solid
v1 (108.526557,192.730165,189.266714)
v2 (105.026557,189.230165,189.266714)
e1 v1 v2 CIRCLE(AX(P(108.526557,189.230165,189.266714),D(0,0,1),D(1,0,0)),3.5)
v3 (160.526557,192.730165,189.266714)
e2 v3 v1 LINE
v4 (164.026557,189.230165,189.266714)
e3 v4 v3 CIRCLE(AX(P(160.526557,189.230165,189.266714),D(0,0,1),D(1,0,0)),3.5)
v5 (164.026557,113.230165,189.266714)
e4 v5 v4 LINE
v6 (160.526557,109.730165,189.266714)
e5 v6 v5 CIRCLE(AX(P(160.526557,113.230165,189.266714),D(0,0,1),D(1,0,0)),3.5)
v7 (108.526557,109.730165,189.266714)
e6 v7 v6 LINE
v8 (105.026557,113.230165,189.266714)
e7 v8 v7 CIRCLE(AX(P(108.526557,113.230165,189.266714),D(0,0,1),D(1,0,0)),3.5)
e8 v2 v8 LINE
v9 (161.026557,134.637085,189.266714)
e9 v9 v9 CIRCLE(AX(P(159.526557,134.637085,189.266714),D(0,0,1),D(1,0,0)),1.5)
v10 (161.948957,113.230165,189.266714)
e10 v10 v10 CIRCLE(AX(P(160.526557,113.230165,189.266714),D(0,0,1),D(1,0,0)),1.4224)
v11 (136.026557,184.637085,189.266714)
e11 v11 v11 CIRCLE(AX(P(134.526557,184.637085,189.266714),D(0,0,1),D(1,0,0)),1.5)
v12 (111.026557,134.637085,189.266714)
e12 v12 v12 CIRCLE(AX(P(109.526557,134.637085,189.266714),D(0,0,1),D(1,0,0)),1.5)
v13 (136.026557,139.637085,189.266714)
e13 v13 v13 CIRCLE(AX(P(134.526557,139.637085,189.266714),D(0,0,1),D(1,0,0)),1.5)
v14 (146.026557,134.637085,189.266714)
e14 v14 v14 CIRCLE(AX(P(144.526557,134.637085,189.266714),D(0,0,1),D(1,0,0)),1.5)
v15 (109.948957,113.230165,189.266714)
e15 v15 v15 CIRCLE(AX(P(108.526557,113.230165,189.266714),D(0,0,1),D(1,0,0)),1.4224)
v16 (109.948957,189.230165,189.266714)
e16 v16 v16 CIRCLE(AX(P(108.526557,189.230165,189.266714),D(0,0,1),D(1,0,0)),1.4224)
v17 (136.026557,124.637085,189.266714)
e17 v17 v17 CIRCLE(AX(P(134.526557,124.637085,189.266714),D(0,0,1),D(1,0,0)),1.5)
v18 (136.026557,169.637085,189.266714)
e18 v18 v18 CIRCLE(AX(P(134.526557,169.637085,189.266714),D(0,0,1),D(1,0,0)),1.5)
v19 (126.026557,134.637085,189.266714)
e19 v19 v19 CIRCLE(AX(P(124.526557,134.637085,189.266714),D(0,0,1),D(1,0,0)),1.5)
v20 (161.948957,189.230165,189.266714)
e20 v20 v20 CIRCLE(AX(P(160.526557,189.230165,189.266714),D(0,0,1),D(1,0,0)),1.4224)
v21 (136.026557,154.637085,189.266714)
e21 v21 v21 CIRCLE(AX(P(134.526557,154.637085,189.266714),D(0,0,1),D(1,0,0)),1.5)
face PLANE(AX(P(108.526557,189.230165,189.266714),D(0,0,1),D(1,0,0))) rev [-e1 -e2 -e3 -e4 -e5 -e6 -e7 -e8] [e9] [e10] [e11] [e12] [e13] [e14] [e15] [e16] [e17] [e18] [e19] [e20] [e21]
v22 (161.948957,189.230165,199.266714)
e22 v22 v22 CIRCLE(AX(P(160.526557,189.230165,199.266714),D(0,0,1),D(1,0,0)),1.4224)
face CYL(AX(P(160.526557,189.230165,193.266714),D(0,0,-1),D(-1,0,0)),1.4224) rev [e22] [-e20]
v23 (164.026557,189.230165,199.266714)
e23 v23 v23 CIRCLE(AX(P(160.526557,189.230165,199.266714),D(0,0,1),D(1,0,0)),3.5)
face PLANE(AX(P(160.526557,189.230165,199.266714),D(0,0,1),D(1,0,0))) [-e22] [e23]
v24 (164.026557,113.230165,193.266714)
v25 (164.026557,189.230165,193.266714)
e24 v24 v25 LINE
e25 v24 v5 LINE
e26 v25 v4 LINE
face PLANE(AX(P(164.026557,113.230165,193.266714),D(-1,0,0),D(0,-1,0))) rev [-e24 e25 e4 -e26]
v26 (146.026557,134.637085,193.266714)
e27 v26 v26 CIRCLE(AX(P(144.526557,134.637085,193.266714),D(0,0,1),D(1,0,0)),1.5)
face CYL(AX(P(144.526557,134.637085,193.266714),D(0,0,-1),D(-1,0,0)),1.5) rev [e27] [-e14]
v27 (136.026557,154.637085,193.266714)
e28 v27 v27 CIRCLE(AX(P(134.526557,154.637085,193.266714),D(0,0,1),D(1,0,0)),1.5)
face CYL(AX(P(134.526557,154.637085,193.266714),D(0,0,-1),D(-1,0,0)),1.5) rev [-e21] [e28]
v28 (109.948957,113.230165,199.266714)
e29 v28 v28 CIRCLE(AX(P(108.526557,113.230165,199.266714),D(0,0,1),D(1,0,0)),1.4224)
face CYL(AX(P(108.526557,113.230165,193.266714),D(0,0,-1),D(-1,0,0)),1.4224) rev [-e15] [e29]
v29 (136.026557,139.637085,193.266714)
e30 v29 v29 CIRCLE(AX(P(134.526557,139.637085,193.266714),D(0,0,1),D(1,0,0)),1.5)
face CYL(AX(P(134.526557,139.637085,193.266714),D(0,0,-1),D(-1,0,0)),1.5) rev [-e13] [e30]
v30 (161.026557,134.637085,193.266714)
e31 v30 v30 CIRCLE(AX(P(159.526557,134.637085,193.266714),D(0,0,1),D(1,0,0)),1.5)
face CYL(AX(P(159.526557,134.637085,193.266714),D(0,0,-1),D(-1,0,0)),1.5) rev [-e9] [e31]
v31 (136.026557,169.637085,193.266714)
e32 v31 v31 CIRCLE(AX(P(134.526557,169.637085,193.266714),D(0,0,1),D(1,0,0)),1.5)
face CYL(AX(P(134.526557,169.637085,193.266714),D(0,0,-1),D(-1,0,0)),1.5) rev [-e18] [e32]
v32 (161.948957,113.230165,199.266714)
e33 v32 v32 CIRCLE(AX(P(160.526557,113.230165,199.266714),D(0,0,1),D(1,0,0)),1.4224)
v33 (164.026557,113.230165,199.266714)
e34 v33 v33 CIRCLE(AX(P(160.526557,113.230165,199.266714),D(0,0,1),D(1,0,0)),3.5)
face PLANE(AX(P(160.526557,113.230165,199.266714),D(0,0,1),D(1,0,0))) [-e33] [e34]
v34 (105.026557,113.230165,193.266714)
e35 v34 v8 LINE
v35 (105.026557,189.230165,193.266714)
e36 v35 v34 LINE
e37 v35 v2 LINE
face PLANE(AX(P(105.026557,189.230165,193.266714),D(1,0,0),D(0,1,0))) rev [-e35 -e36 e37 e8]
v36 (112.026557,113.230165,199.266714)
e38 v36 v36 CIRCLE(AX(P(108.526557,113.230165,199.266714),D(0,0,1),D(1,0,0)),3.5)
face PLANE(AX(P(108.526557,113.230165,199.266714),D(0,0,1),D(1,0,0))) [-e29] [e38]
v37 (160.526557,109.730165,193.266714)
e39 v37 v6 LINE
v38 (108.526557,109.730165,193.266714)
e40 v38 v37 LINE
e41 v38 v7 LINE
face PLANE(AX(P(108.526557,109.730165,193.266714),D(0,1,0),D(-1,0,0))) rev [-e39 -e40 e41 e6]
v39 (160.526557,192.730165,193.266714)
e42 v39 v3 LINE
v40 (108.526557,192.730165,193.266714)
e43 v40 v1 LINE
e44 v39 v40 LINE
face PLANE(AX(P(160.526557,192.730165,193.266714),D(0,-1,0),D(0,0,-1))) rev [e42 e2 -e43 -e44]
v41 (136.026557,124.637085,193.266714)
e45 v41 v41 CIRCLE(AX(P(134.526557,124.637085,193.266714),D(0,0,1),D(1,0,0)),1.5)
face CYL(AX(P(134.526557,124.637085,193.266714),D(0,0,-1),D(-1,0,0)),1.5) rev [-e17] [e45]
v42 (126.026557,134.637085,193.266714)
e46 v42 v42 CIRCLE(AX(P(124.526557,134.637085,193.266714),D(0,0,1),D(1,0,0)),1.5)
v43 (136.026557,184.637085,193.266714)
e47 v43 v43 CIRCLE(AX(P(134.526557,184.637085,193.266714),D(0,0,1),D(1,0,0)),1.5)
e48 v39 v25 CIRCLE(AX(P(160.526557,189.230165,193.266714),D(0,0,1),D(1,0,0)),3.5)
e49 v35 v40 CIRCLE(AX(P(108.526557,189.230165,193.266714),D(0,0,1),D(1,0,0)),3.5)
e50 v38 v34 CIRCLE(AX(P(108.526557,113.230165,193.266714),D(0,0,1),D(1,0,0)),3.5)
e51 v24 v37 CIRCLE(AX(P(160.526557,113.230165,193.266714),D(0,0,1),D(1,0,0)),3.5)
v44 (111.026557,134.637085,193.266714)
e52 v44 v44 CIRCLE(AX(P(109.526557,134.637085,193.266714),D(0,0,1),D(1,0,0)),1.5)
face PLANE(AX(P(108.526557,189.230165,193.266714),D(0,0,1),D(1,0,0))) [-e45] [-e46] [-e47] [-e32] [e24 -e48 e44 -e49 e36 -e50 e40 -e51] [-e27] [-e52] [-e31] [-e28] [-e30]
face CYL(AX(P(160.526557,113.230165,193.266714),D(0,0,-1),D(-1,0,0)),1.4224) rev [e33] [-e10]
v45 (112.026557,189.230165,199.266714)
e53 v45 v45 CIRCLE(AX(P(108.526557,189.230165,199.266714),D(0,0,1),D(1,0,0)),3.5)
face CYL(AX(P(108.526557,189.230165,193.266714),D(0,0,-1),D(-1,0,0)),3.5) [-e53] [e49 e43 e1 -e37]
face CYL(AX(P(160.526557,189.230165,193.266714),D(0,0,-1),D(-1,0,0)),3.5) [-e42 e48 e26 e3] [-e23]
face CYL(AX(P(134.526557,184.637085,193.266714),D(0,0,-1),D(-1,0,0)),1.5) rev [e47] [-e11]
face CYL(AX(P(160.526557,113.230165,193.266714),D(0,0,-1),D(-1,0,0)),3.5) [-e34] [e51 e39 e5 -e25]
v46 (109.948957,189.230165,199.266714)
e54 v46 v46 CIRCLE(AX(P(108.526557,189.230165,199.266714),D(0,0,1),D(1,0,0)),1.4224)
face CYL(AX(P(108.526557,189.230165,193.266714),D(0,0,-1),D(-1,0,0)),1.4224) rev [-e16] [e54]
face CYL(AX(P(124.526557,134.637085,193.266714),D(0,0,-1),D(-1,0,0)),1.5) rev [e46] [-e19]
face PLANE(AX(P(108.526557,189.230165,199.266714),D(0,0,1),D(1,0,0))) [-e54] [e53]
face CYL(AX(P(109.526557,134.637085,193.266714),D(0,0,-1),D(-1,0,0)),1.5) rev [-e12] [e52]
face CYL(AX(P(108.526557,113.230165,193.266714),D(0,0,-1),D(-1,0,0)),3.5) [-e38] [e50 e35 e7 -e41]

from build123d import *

# Parameters (mm, degrees)
SKETCH1_R           = 1.5
SKETCH1_R_2         = 1.4224
BOSS_EXTRUDE1_DEPTH = 4
SKETCH2_R           = 3.5
SKETCH2_R_2         = 1.4224
BOSS_EXTRUDE2_DEPTH = 6


with BuildPart() as part:
    # Sketch1 → Boss-Extrude1 (new body)
    with BuildSketch(Plane.XY.offset(189.266714263)):
        with BuildLine():
            Line((108.526557277, 109.730165261), (160.526557277, 109.730165261))
            ThreePointArc((160.526557277, 109.730165261), (163.001431011, 110.755291526), (164.026557277, 113.230165261))
            Line((164.026557277, 113.230165261), (164.026557277, 189.230165261))
            ThreePointArc((164.026557277, 189.230165261), (163.001431011, 191.705038995), (160.526557277, 192.730165261))
            Line((160.526557277, 192.730165261), (108.526557277, 192.730165261))
            ThreePointArc((108.526557277, 192.730165261), (106.051683543, 191.705038995), (105.026557277, 189.230165261))
            Line((105.026557277, 189.230165261), (105.026557277, 113.230165261))
            ThreePointArc((105.026557277, 113.230165261), (106.051683543, 110.755291526), (108.526557277, 109.730165261))
        make_face()
        with Locations((134.526557277, 124.637085275)):
            Circle(SKETCH1_R, mode=Mode.SUBTRACT)
        with Locations((109.526557277, 134.637085275)):
            Circle(SKETCH1_R, mode=Mode.SUBTRACT)
        with Locations((124.526557277, 134.637085275)):
            Circle(SKETCH1_R, mode=Mode.SUBTRACT)
        with Locations((159.526557277, 134.637085275)):
            Circle(SKETCH1_R, mode=Mode.SUBTRACT)
        with Locations((144.526557277, 134.637085275)):
            Circle(SKETCH1_R, mode=Mode.SUBTRACT)
        with Locations((134.526557277, 139.637085275)):
            Circle(SKETCH1_R, mode=Mode.SUBTRACT)
        with Locations((134.526557277, 154.637085275)):
            Circle(SKETCH1_R, mode=Mode.SUBTRACT)
        with Locations((134.526557277, 169.637085275)):
            Circle(SKETCH1_R, mode=Mode.SUBTRACT)
        with Locations((134.526557277, 184.637085275)):
            Circle(SKETCH1_R, mode=Mode.SUBTRACT)
        with Locations((108.526557277, 189.230165261)):
            Circle(SKETCH1_R_2, mode=Mode.SUBTRACT)
        with Locations((160.526557277, 189.230165261)):
            Circle(SKETCH1_R_2, mode=Mode.SUBTRACT)
        with Locations((160.526557277, 113.230165261)):
            Circle(SKETCH1_R_2, mode=Mode.SUBTRACT)
        with Locations((108.526557277, 113.230165261)):
            Circle(SKETCH1_R_2, mode=Mode.SUBTRACT)
    extrude(amount=BOSS_EXTRUDE1_DEPTH)

    # Sketch2 → Boss-Extrude2 (add)
    with BuildSketch(Plane.XY.offset(193.266714263)):
        with Locations((108.526557277, 189.230165261)):
            Circle(SKETCH2_R)
        with Locations((108.526557277, 189.230165261)):
            Circle(SKETCH2_R_2, mode=Mode.SUBTRACT)
        with Locations((160.526557277, 189.230165261)):
            Circle(SKETCH2_R)
        with Locations((160.526557277, 189.230165261)):
            Circle(SKETCH2_R_2, mode=Mode.SUBTRACT)
        with Locations((108.526557277, 113.230165261)):
            Circle(SKETCH2_R)
        with Locations((108.526557277, 113.230165261)):
            Circle(SKETCH2_R_2, mode=Mode.SUBTRACT)
        with Locations((160.526557277, 113.230165261)):
            Circle(SKETCH2_R)
        with Locations((160.526557277, 113.230165261)):
            Circle(SKETCH2_R_2, mode=Mode.SUBTRACT)
    extrude(amount=BOSS_EXTRUDE2_DEPTH)


solid = part.part
